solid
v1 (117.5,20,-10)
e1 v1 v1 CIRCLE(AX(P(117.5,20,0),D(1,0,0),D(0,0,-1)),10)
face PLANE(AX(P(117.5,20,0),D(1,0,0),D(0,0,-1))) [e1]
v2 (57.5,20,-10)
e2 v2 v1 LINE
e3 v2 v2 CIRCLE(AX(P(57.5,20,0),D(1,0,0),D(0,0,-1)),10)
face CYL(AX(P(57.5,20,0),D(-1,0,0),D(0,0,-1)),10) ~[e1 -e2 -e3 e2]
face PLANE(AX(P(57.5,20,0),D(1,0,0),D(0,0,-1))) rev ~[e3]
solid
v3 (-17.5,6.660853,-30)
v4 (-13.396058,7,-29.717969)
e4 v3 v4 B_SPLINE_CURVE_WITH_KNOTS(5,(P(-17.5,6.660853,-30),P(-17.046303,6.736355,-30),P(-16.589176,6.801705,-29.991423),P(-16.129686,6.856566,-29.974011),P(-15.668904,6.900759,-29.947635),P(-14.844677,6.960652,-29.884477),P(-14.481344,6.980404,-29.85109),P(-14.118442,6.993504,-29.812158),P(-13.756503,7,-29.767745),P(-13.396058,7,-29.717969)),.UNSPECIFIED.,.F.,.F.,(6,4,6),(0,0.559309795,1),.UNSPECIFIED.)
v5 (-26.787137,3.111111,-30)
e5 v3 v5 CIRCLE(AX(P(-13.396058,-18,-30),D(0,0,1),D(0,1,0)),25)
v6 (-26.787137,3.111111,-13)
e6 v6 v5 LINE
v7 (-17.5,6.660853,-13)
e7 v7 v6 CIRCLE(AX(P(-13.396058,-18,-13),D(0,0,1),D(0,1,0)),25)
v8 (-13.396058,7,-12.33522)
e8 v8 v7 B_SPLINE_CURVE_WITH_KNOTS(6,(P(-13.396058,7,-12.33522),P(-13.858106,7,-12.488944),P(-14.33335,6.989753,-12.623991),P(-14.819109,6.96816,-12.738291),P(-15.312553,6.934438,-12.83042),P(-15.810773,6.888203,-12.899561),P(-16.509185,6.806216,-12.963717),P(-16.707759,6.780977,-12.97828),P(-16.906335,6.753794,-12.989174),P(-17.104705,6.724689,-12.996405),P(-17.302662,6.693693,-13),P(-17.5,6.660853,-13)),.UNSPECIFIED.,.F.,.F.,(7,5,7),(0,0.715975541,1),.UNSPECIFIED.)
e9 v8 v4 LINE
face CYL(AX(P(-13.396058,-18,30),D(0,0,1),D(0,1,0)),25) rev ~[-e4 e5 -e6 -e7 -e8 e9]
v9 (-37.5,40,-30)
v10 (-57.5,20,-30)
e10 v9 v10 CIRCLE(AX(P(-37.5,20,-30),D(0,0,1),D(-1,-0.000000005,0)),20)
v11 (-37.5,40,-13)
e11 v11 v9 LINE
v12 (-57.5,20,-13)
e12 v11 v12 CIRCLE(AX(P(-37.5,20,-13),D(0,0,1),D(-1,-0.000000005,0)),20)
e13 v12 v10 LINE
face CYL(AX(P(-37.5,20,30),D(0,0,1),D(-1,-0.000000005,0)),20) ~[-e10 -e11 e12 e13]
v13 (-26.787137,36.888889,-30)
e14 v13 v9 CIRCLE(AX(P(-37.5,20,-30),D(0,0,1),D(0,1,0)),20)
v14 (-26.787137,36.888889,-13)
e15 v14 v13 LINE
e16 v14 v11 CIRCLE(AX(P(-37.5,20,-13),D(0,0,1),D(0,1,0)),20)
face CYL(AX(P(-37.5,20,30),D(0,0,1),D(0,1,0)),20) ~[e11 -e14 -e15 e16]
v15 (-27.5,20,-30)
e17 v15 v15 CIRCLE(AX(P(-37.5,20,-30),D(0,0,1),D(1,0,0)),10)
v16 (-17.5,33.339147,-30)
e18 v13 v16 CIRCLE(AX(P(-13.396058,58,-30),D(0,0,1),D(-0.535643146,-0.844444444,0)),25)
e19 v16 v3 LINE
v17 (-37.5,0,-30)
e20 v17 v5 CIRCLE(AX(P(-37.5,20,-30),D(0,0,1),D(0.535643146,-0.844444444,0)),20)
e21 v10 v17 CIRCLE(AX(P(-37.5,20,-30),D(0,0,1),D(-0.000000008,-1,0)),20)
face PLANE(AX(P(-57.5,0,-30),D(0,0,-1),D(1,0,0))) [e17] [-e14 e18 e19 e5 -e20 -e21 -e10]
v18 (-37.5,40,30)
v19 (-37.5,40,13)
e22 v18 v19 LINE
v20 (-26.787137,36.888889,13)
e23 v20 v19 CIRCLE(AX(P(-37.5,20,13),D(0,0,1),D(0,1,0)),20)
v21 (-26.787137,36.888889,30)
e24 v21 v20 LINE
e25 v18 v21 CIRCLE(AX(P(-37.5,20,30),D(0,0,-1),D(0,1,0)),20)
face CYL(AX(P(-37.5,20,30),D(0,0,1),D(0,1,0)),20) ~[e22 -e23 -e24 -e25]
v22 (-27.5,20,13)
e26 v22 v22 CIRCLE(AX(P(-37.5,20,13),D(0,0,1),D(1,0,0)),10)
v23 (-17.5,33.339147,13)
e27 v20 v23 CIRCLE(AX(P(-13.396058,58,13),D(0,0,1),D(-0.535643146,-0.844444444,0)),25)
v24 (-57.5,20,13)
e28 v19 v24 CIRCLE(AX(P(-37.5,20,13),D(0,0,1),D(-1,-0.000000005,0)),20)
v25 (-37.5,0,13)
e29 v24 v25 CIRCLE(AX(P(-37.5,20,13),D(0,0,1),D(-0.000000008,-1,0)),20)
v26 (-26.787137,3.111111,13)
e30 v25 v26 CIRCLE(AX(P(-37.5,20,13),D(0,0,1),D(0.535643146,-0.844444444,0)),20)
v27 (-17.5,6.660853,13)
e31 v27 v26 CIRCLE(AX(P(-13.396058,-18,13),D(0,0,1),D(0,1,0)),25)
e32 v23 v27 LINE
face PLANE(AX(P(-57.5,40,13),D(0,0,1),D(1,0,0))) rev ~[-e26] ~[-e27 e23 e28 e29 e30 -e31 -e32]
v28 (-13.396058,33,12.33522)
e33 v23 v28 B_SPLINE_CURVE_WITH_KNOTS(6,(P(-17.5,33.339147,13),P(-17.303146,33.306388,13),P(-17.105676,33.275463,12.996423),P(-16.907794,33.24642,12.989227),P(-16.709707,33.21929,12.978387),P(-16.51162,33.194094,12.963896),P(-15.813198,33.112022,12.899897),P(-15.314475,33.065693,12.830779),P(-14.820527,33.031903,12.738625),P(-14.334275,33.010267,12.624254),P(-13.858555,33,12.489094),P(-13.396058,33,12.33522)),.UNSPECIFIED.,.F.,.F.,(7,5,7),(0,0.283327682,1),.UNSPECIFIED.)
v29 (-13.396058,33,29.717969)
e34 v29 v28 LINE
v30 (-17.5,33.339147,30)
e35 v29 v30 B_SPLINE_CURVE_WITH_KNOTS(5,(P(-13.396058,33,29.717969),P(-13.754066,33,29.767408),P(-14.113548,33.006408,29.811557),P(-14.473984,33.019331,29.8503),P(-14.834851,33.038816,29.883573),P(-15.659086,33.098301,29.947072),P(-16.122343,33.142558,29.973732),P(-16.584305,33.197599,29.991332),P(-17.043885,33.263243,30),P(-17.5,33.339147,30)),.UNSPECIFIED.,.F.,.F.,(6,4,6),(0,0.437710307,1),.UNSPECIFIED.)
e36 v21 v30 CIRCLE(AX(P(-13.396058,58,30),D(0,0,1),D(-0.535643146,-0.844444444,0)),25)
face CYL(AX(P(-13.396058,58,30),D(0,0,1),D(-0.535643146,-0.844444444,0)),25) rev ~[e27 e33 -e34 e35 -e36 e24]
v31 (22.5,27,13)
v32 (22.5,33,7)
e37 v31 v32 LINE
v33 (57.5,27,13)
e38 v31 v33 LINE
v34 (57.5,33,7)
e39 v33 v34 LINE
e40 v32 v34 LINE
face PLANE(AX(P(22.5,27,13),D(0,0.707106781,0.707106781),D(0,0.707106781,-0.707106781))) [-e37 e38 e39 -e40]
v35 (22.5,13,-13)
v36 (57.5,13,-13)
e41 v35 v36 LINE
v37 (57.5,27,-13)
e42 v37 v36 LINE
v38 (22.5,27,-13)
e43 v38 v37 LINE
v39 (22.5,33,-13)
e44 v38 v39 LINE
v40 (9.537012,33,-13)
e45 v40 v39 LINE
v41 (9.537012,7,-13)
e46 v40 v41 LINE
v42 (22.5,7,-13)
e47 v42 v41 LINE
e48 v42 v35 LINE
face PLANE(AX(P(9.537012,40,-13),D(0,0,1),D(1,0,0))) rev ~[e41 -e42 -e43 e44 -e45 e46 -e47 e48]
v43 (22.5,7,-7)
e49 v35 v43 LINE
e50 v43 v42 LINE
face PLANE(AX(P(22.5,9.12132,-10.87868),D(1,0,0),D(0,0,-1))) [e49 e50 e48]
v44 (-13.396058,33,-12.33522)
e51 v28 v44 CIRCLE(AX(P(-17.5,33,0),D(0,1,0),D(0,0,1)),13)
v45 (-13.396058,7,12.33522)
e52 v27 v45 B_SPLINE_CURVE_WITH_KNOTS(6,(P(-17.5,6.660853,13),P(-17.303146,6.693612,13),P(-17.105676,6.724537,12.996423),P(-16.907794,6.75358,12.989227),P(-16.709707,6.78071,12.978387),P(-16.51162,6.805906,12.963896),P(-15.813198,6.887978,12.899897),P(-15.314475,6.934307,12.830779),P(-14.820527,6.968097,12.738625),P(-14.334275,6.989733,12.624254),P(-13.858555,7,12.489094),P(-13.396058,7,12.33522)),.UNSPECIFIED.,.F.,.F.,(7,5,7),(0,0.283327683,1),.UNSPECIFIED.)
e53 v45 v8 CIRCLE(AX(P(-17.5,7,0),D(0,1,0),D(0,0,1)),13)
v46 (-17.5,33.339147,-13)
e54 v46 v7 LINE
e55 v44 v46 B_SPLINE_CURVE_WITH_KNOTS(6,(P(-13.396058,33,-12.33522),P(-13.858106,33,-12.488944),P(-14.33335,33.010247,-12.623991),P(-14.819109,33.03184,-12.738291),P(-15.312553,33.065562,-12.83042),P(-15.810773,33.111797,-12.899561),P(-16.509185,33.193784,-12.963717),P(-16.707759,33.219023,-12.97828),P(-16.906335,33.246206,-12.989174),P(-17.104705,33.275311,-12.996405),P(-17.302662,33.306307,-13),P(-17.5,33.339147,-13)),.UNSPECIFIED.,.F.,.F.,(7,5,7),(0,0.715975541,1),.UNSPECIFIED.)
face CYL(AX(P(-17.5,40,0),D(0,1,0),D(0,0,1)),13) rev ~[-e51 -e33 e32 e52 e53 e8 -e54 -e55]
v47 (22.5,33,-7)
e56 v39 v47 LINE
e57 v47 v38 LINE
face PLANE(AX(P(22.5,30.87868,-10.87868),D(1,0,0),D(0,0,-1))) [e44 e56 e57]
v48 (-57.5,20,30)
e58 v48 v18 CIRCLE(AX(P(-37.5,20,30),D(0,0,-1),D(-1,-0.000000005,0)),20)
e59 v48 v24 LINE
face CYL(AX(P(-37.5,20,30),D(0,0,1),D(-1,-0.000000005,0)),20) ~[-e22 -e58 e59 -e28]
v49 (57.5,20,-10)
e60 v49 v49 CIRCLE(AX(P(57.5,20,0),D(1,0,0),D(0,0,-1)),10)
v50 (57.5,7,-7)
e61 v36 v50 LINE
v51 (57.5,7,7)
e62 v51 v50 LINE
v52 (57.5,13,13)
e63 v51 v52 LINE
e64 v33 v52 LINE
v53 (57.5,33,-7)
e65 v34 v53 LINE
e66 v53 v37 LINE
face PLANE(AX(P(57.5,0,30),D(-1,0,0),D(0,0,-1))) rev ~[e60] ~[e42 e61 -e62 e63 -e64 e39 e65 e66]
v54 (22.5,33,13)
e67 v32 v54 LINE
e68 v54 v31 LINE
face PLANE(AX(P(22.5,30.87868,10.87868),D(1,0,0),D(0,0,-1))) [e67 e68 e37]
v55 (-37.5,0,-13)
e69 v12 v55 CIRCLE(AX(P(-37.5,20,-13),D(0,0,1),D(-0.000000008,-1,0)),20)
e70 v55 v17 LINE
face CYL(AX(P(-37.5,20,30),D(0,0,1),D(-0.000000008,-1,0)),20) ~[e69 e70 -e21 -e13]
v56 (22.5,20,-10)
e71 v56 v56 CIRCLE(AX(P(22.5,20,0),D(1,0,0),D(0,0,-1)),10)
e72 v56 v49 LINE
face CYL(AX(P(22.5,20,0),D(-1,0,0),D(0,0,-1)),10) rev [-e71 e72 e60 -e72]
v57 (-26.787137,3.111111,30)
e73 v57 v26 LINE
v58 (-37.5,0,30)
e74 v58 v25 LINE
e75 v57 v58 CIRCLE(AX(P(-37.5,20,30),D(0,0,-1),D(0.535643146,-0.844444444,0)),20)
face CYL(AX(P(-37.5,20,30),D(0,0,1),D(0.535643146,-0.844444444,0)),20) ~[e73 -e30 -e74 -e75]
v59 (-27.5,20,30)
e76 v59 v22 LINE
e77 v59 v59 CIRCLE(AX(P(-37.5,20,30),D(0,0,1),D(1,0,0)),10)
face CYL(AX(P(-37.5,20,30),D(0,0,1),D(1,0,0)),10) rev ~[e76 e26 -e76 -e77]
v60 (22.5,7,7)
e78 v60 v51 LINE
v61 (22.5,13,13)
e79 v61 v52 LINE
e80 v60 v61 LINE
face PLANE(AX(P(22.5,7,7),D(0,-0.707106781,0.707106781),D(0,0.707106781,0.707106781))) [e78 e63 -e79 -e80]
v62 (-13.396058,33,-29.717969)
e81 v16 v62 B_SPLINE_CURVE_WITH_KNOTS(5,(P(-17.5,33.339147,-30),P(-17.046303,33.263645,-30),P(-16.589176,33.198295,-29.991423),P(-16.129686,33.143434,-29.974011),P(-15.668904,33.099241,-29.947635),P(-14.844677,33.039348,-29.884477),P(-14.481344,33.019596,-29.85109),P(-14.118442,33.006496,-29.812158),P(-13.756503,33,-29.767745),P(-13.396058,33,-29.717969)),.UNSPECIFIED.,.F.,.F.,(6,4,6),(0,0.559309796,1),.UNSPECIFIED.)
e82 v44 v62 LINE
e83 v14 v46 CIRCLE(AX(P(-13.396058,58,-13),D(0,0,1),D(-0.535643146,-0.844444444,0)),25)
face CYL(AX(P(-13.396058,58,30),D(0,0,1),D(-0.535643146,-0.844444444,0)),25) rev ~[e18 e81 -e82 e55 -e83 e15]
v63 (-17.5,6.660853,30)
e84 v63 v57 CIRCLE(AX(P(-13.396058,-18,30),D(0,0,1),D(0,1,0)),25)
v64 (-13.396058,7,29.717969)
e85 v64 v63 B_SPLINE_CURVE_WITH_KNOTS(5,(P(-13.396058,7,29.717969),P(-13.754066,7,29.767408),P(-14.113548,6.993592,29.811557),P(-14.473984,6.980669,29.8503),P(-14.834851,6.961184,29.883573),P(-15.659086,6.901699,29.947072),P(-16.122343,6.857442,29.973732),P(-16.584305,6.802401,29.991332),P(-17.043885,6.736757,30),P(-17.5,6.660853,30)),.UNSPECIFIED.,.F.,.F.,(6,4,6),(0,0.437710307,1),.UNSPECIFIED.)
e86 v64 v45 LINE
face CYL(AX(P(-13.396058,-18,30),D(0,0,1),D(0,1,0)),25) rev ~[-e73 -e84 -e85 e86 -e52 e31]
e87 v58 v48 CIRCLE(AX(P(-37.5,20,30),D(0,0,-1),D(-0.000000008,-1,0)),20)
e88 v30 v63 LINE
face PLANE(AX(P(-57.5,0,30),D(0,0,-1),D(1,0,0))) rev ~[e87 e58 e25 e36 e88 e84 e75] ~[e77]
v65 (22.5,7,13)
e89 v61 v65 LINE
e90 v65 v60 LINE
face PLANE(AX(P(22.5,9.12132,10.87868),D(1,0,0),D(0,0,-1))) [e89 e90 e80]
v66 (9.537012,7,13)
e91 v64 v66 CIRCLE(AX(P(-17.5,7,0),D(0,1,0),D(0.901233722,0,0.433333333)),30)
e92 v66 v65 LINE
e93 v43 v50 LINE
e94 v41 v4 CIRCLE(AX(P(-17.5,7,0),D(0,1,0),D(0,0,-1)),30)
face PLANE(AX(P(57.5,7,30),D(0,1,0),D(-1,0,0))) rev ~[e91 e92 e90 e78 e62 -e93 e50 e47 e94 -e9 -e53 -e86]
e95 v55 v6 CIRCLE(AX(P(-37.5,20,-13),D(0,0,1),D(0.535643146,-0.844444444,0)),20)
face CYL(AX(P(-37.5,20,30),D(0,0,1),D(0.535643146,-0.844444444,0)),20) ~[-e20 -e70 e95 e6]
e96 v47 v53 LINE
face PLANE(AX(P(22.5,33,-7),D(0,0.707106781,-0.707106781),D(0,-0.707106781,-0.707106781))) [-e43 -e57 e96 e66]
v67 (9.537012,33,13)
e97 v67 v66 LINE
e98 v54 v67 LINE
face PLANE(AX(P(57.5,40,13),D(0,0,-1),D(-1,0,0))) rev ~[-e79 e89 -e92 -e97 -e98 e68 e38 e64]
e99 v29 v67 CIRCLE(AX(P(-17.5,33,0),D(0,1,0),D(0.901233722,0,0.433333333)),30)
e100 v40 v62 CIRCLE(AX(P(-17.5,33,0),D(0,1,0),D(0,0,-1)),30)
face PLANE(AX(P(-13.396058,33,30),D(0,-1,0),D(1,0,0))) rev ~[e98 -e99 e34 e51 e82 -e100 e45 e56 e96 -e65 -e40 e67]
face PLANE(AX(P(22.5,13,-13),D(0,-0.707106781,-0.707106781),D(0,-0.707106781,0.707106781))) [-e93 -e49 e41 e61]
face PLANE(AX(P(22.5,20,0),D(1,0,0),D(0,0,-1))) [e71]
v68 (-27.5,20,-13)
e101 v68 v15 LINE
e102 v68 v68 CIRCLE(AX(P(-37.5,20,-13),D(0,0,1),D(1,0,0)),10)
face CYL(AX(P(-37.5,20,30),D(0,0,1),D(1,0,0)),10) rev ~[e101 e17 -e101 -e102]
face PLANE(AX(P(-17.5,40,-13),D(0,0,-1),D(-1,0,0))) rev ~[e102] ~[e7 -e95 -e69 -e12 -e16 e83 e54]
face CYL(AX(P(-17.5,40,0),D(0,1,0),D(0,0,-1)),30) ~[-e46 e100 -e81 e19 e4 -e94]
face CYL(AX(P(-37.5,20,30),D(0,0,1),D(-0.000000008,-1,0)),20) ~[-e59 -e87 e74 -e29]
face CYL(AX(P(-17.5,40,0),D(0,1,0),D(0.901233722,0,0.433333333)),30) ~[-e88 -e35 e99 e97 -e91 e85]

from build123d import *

# Parameters (mm, degrees)
SKETCH1_W           = 115
SKETCH1_H           = 60
BOSS_EXTRUDE1_DEPTH = 40
CUT_EXTRUDE1_DEPTH  = 40
CUT_EXTRUDE3_DEPTH  = 98
SKETCH3_4_R         = 10
CUT_EXTRUDE4_DEPTH  = 98
SKETCH4_R           = 10
BOSS_EXTRUDE2_DEPTH = 60
CUT_EXTRUDE5_START  = -35
SKETCH4_3_R         = 10
CUT_EXTRUDE5_DEPTH  = 35


with BuildPart() as part:
    # Sketch1 → Boss-Extrude1 (new body)
    with BuildSketch(Plane(origin=(0, 0, 0), x_dir=(1, 0, 0), z_dir=(0, 1, 0))):
        Rectangle(SKETCH1_W, SKETCH1_H)
    extrude(amount=BOSS_EXTRUDE1_DEPTH)

    # Sketch2 → Cut-Extrude1 (cut)
    with BuildSketch(Plane(origin=(0, 40, 0), x_dir=(1, 0, 0), z_dir=(0, 1, 0))):
        with BuildLine():
            Line((-17.5, 13), (-57.5, 13))
            Line((-57.5, 13), (-57.5, -13))
            Line((-57.5, -13), (-17.5, -13))
            ThreePointArc((-17.5, -13), (-4.5, 0), (-17.5, 13))
        make_face()
        with BuildLine():
            Line((57.5, 30), (-17.5, 30))
            ThreePointArc((-17.5, 30), (-1.531280577, 25.396850198), (9.537011669, 13))
            Line((9.537011669, 13), (57.5, 13))
            Line((57.5, 13), (57.5, 30))
        make_face()
        with BuildLine():
            ThreePointArc((9.537011669, -13), (-1.531280577, -25.396850198), (-17.5, -30))
            Line((-17.5, -30), (57.5, -30))
            Line((57.5, -30), (57.5, -13))
            Line((57.5, -13), (9.537011669, -13))
        make_face()
    extrude(amount=-CUT_EXTRUDE1_DEPTH, mode=Mode.SUBTRACT)

    # Sketch3 → Cut-Extrude3 (cut)
    with BuildSketch(Plane.XY.offset(30)):
        with BuildLine():
            Line((57.5, 7), (-13.396058414, 7))
            ThreePointArc((-13.396058414, 7), (-20.368225301, 6.008100485), (-26.787137073, 3.111111111))
            ThreePointArc((-26.787137073, 3.111111111), (-31.922266567, 0.79351959), (-37.50000016, 0))
            Line((-37.50000016, 0), (57.5, 0))
            Line((57.5, 0), (57.5, 7))
        make_face()
        with BuildLine():
            Line((-13.396058414, 33), (57.5, 33))
            Line((57.5, 33), (57.5, 40))
            Line((57.5, 40), (-37.5, 40))
            ThreePointArc((-37.5, 40), (-31.92226649, 39.206480388), (-26.787137073, 36.888888889))
            ThreePointArc((-26.787137073, 36.888888889), (-20.368225301, 33.991899515), (-13.396058414, 33))
        make_face()
        with BuildLine():
            Line((-57.5, 0), (-37.50000016, 0))
            ThreePointArc((-37.50000016, 0), (-51.642135645, 5.857864398), (-57.5, 19.999999901))
            Line((-57.5, 19.999999901), (-57.5, 0))
        make_face()
        with BuildLine():
            Line((-57.5, 40), (-57.5, 19.999999901))
            ThreePointArc((-57.5, 19.999999901), (-51.642135659, 34.142135589), (-37.5, 40))
            Line((-37.5, 40), (-57.5, 40))
        make_face()
    extrude(amount=-CUT_EXTRUDE3_DEPTH, mode=Mode.SUBTRACT)

    # Sketch3<4> → Cut-Extrude4 (cut)
    with BuildSketch(Plane.XY.offset(30)):
        with Locations((-37.5, 20)):
            Circle(SKETCH3_4_R)
    extrude(amount=-CUT_EXTRUDE4_DEPTH, mode=Mode.SUBTRACT)

    # Sketch4 → Boss-Extrude2 (add)
    with BuildSketch(Plane(origin=(57.5, 0, 0), x_dir=(0, 0, -1), z_dir=(1, 0, 0))):
        with Locations((0, 20)):
            Circle(SKETCH4_R)
    extrude(amount=BOSS_EXTRUDE2_DEPTH)

    # Sketch4<3> → Cut-Extrude5 (cut)
    with BuildSketch(Plane(origin=(57.5, 0, 0), x_dir=(0, 0, -1), z_dir=(1, 0, 0)).offset(CUT_EXTRUDE5_START)):
        with Locations((0, 20)):
            Circle(SKETCH4_3_R)
        Polygon((-13, 33), (-13, 27), (-7, 33), align=None)
        Polygon((13, 33), (7, 33), (13, 27), align=None)
        Polygon((13, 7), (13, 13), (7, 7), align=None)
        Polygon((-13, 7), (-7, 7), (-13, 13), align=None)
    extrude(amount=CUT_EXTRUDE5_DEPTH, mode=Mode.SUBTRACT)


with BuildPart() as cut_extrude5_piece_1:
    # of the separate pieces the step leaves, piece 1, a body of its own (cut_extrude5_pieces)
    add(part.part.solids().sort_by_distance((-26.787137073, 3.111111111, -30))[0])


with BuildPart() as cut_extrude5_piece_2:
    # of the separate pieces the step leaves, piece 2, a body of its own (cut_extrude5_pieces)
    add(part.part.solids().sort_by_distance((117.5, 20, -10))[0])


solid = Compound([cut_extrude5_piece_1.part, cut_extrude5_piece_2.part])
